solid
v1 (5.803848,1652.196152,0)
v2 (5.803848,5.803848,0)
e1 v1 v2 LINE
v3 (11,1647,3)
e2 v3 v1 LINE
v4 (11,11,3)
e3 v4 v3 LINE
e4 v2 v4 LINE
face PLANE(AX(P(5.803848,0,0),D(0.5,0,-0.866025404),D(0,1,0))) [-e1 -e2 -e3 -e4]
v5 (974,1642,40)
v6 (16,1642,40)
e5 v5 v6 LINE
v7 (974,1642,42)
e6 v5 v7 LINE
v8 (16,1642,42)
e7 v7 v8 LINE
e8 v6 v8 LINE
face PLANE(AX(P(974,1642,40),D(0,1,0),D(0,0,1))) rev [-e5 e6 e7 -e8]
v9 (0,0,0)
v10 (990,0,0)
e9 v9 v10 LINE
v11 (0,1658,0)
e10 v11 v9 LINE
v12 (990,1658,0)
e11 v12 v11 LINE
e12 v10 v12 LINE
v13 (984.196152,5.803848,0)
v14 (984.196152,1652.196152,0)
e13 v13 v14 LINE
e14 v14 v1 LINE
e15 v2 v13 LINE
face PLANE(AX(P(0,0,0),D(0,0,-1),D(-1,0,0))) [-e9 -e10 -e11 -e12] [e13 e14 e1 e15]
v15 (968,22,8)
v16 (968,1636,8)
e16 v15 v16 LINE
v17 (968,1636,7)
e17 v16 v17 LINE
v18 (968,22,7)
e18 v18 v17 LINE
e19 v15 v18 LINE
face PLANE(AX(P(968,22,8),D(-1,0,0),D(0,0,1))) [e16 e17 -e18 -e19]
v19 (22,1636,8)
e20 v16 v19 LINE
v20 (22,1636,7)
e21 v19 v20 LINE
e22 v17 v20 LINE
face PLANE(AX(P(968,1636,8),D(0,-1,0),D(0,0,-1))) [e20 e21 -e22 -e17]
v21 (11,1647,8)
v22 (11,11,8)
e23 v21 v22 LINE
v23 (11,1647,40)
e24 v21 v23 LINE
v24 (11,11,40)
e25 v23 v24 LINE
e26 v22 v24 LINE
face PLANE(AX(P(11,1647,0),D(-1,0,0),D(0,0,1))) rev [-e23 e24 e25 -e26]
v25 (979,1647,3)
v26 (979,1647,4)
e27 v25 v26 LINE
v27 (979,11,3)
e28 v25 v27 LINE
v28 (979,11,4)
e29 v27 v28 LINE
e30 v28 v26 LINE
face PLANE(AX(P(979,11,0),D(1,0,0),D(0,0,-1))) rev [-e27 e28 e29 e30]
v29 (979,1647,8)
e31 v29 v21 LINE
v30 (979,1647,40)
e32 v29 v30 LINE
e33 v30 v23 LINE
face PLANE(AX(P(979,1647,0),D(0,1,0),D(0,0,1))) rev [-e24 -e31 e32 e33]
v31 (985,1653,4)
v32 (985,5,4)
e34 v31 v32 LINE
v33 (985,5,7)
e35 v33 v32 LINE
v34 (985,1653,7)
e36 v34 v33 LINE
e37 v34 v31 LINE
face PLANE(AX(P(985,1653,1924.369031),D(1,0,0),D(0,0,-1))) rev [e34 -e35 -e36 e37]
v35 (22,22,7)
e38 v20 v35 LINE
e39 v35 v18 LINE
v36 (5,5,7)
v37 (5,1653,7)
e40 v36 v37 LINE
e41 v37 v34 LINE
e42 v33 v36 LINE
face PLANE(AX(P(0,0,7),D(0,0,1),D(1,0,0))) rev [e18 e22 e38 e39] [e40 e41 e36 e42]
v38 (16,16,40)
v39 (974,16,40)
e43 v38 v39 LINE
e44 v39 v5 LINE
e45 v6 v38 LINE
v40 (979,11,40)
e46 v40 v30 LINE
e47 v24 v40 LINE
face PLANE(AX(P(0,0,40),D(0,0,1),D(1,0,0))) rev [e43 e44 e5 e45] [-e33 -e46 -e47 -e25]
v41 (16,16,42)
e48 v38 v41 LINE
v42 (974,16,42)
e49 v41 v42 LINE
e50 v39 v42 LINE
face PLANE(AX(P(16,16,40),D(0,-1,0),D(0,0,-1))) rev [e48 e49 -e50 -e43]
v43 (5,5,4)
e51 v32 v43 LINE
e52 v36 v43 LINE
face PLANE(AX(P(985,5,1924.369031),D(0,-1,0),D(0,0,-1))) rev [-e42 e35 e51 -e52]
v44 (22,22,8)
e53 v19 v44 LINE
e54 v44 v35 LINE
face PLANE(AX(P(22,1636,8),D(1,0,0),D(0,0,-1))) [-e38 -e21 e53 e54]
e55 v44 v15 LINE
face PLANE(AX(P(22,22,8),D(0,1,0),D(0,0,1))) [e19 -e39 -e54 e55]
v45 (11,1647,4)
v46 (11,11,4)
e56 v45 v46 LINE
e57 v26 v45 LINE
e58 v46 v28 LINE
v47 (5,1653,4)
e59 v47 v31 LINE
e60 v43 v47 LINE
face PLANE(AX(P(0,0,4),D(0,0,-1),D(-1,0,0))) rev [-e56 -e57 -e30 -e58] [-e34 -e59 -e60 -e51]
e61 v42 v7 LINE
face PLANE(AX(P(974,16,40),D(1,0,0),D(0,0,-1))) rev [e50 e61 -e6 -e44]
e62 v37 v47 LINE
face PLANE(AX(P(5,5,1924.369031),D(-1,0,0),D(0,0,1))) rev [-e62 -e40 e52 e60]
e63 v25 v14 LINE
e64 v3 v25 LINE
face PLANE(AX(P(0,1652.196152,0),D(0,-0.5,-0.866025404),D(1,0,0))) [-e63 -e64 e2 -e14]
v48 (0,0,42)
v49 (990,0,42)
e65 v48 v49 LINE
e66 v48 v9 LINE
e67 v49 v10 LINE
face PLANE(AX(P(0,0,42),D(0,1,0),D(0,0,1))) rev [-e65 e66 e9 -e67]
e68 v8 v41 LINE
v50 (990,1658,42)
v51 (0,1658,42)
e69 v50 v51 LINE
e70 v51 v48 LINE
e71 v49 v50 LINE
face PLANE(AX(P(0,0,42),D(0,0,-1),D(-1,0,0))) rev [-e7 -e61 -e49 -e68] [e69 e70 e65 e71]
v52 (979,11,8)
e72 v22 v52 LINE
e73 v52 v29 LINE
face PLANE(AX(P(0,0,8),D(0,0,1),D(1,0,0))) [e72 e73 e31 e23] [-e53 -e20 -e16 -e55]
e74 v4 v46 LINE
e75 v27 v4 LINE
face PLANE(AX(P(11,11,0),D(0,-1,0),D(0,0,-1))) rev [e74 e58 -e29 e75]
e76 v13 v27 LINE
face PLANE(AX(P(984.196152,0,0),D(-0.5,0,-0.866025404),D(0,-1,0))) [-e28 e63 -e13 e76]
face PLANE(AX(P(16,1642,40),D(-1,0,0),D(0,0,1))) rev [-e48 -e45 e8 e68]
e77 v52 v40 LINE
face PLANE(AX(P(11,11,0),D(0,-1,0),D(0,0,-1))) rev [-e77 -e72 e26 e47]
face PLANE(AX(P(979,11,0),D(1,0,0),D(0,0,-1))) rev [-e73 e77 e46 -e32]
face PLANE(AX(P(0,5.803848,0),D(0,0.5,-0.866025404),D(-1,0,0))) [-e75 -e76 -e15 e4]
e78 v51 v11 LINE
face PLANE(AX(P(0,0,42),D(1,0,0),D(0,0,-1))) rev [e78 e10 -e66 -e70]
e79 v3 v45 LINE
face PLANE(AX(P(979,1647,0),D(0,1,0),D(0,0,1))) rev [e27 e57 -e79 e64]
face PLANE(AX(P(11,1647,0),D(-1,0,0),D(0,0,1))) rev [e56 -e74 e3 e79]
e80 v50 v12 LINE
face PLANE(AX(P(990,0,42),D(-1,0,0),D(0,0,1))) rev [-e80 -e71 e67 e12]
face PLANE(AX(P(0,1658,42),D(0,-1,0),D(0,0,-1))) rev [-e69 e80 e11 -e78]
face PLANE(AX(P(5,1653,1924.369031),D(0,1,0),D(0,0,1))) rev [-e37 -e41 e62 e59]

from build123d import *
from OCP.BRepFilletAPI import BRepFilletAPI_MakeChamfer

# Parameters (mm, degrees)
SKETCH1_W           = 990
SKETCH1_H           = 1658
BOSS_EXTRUDE1_DEPTH = 42
SKETCH2_W           = 958
SKETCH2_H           = 1626
CUT_EXTRUDE1_DEPTH  = 2
SKETCH3_W           = 968
SKETCH3_H           = 1636
CUT_EXTRUDE2_DEPTH  = 1932.492687017
SKETCH4_W           = 968
SKETCH4_H           = 1636
SKETCH4_W_2         = 946
SKETCH4_H_2         = 1614
BOSS_EXTRUDE2_DEPTH = 1
CUT_EXTRUDE3_START  = -4
SKETCH5_W           = 980
SKETCH5_H           = 1648
CUT_EXTRUDE3_DEPTH  = 3
CHAMFER1_SIZE       = 3
CHAMFER1_SIZE2      = 5.196152423


with BuildPart() as part:
    # Sketch1 → Boss-Extrude1 (new body)
    with BuildSketch(Plane.XY):
        with Locations((495, 829)):
            Rectangle(SKETCH1_W, SKETCH1_H)
    extrude(amount=BOSS_EXTRUDE1_DEPTH)

    # Sketch2 → Cut-Extrude1 (cut)
    with BuildSketch(Plane.XY.offset(42)):
        with Locations((495, 829)):
            Rectangle(SKETCH2_W, SKETCH2_H)
    extrude(amount=-CUT_EXTRUDE1_DEPTH, mode=Mode.SUBTRACT)

    # Sketch3 → Cut-Extrude2 (cut, through all)
    with BuildSketch(Plane.XY.offset(40)):
        with Locations((495, 829)):
            Rectangle(SKETCH3_W, SKETCH3_H)
    extrude(amount=-CUT_EXTRUDE2_DEPTH, mode=Mode.SUBTRACT)

    # Sketch4 → Boss-Extrude2 (add)
    with BuildSketch(Plane.XY.offset(7)):
        with Locations((495, 829)):
            Rectangle(SKETCH4_W, SKETCH4_H)
        with Locations((495, 829)):
            Rectangle(SKETCH4_W_2, SKETCH4_H_2, mode=Mode.SUBTRACT)
    extrude(amount=BOSS_EXTRUDE2_DEPTH)

    # Sketch5 → Cut-Extrude3 (cut)
    with BuildSketch(Plane(origin=(0, 0, 0), x_dir=(-1, 0, 0), z_dir=(0, 0, -1)).offset(CUT_EXTRUDE3_START)):
        with Locations((-495, 829)):
            Rectangle(SKETCH5_W, SKETCH5_H)
    extrude(amount=-CUT_EXTRUDE3_DEPTH, mode=Mode.SUBTRACT)

    # Chamfer1: one chamfer whose edges measure the first distance from different faces: ONE call of the kernel's chamfer builder (chamfer() names one face for all edges)
    chamfer1_edges_1 = [part.edges().sort_by_distance(p)[0] for p in [
        (495, 1647, 0),
    ]]
    chamfer1_side_1 = [part.faces().sort_by_distance(p)[0] for p in [
        (495, 1647, 2),
    ]]
    chamfer1_edges_2 = [part.edges().sort_by_distance(p)[0] for p in [
        (979, 829, 0),
    ]]
    chamfer1_side_2 = [part.faces().sort_by_distance(p)[0] for p in [
        (979, 829, 2),
    ]]
    chamfer1_edges_3 = [part.edges().sort_by_distance(p)[0] for p in [
        (495, 11, 0),
    ]]
    chamfer1_side_3 = [part.faces().sort_by_distance(p)[0] for p in [
        (495, 11, 2),
    ]]
    chamfer1_edges_4 = [part.edges().sort_by_distance(p)[0] for p in [
        (11, 829, 0),
    ]]
    chamfer1_side_4 = [part.faces().sort_by_distance(p)[0] for p in [
        (11, 829, 2),
    ]]
    chamfer1 = BRepFilletAPI_MakeChamfer(part.part.solid().wrapped)
    for e in chamfer1_edges_1:
        chamfer1.Add(CHAMFER1_SIZE, CHAMFER1_SIZE2, e.wrapped, chamfer1_side_1[0].wrapped)  # the first distance lies on this face
    for e in chamfer1_edges_2:
        chamfer1.Add(CHAMFER1_SIZE, CHAMFER1_SIZE2, e.wrapped, chamfer1_side_2[0].wrapped)  # the first distance lies on this face
    for e in chamfer1_edges_3:
        chamfer1.Add(CHAMFER1_SIZE, CHAMFER1_SIZE2, e.wrapped, chamfer1_side_3[0].wrapped)  # the first distance lies on this face
    for e in chamfer1_edges_4:
        chamfer1.Add(CHAMFER1_SIZE, CHAMFER1_SIZE2, e.wrapped, chamfer1_side_4[0].wrapped)  # the first distance lies on this face
    add(Compound.cast(chamfer1.Shape()), mode=Mode.REPLACE)


solid = part.part
